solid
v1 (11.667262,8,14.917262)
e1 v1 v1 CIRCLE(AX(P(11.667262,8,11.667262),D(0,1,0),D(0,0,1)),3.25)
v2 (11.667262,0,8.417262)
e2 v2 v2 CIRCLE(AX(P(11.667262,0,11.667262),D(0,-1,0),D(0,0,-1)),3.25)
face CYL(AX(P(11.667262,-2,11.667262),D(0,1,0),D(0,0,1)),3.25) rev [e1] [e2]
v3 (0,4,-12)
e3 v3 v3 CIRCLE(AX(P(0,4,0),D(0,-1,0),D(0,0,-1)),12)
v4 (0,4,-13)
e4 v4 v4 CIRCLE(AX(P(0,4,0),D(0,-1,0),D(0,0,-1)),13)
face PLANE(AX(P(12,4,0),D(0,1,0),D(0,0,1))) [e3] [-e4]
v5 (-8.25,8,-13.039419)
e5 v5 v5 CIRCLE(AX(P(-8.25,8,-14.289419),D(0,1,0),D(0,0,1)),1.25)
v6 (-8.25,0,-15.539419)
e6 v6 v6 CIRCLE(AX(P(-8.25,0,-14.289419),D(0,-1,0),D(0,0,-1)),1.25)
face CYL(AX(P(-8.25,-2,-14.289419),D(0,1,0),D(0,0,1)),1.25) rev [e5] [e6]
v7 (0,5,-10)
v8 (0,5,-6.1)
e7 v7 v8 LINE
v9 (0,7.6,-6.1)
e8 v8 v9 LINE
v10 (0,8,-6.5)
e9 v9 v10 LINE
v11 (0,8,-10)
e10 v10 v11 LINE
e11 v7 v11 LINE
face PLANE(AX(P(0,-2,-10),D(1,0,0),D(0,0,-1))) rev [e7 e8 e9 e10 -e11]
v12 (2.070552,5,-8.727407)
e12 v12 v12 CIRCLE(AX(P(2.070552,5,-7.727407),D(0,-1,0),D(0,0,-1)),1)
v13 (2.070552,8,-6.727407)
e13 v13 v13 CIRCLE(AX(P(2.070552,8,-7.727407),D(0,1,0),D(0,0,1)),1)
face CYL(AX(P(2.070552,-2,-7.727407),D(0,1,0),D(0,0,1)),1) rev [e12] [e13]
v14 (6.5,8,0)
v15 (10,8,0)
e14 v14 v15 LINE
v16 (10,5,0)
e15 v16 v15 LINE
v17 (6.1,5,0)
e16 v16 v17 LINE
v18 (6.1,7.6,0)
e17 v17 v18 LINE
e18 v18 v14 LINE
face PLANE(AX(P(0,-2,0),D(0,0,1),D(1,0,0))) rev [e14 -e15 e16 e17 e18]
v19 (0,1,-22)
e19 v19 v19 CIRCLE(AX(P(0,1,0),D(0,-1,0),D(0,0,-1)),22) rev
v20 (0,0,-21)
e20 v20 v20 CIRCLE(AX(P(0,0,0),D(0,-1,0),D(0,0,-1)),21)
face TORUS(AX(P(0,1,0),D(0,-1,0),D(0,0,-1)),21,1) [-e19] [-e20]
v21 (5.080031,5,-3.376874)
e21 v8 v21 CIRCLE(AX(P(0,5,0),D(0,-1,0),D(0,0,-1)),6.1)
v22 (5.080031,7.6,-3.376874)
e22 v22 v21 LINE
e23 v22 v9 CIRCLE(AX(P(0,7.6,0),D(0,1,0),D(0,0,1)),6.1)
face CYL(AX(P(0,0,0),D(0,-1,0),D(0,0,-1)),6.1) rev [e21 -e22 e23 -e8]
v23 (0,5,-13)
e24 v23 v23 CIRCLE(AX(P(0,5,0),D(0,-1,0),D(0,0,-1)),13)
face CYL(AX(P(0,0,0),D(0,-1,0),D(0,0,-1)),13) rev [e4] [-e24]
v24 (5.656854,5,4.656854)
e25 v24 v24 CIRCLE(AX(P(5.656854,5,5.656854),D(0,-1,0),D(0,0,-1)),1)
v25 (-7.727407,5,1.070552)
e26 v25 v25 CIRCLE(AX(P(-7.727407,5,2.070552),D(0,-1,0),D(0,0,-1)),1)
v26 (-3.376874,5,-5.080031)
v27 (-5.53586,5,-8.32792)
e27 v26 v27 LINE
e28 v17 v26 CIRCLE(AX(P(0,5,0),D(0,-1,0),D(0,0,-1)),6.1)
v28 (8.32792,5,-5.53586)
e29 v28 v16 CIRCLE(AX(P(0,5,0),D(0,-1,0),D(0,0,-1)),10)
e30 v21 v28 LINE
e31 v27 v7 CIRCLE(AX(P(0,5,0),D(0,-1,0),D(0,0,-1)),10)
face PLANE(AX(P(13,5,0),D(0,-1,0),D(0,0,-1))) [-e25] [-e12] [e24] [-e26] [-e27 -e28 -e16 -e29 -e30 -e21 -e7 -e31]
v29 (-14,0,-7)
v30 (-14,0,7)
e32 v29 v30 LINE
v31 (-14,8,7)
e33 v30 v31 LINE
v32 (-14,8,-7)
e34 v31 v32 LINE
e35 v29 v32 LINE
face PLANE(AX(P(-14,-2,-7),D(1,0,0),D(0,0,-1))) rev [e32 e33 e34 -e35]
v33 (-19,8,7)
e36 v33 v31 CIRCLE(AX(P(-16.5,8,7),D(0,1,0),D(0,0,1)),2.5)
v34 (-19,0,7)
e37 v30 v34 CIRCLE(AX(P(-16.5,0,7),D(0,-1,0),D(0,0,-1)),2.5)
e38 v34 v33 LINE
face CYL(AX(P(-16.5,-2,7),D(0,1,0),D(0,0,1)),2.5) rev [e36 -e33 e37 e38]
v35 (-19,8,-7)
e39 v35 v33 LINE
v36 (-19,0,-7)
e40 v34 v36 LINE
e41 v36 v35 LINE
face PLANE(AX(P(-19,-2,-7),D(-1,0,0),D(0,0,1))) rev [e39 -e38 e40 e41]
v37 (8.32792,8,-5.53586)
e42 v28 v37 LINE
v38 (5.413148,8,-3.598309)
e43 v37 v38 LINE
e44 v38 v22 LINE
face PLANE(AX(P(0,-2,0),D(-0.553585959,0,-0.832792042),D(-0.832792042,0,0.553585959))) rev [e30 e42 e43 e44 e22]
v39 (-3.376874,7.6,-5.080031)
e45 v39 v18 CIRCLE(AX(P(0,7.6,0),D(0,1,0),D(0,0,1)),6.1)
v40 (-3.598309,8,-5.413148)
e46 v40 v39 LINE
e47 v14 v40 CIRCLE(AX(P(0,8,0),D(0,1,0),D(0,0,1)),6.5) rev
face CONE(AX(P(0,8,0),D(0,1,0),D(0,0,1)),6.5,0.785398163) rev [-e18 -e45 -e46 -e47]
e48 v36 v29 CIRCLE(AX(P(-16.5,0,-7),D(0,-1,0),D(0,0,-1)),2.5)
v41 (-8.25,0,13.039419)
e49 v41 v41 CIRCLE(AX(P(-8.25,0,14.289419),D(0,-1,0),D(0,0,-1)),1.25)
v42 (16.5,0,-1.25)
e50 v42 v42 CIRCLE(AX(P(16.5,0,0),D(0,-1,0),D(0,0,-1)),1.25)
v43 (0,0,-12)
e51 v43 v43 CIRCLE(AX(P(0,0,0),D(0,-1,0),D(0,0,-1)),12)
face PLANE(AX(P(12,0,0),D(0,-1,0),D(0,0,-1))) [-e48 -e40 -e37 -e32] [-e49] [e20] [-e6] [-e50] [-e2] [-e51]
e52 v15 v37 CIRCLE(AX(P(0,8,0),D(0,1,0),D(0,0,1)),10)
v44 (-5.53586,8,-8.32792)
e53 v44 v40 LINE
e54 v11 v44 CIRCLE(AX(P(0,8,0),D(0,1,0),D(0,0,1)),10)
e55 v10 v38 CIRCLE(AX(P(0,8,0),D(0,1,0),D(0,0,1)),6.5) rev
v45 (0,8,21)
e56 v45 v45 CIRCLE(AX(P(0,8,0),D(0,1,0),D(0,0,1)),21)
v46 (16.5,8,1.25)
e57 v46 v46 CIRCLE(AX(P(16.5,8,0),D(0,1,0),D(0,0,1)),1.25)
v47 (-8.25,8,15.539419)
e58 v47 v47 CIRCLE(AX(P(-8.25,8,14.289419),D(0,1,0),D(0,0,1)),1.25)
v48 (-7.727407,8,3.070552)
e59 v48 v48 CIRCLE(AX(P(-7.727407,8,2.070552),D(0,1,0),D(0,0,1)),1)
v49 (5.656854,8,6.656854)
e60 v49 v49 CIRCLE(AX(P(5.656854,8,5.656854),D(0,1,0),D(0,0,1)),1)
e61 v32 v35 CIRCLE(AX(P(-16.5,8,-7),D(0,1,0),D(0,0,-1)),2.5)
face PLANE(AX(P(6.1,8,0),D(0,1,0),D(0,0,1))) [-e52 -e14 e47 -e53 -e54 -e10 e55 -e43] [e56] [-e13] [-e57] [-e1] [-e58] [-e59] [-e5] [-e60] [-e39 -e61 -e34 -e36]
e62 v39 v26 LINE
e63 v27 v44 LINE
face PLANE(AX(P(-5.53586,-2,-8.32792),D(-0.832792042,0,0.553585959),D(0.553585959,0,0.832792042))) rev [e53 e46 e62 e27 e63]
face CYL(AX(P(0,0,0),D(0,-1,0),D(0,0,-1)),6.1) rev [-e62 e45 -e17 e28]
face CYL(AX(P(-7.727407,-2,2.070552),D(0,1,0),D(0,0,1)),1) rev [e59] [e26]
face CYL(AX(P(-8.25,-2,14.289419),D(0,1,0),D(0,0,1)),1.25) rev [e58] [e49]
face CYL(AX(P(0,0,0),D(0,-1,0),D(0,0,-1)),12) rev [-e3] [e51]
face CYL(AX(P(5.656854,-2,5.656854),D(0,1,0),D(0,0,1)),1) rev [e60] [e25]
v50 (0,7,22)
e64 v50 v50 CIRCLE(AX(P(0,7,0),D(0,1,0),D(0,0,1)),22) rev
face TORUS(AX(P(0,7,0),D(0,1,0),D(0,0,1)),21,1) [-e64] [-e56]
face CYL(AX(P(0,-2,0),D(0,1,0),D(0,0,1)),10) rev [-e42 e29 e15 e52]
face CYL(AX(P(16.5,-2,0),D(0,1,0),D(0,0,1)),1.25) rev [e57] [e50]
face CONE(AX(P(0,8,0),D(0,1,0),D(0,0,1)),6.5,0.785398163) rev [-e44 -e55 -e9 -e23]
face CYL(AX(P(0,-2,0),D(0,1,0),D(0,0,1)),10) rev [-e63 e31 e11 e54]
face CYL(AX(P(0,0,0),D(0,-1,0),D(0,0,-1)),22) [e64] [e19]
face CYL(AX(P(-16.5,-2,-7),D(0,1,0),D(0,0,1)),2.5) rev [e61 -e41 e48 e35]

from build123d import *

# Parameters (mm, degrees)
FILLET2_R          = 1
CHAMFER2_SIZE      = 0.4
SKETCH3_R          = 1
SKETCH3_R_2        = 1.25
SKETCH3_R_3        = 3.25
CUT_EXTRUDE1_DEPTH = 10


with BuildPart() as part:
    # Sketch1 → Revolve1 (revolve)
    with BuildSketch(Plane.XY, mode=Mode.PRIVATE) as revolve1_sk:
        Polygon((12, 0), (12, 4), (13, 4), (13, 5), (6.1, 5), (6.1, 8), (22, 8), (22, 0), align=None)
    revolve(revolve1_sk.sketch.rotate(Axis((0, 0, 0), (0, 1, 0)), 90), axis=Axis((0, 0, 0), (0, 1, 0)))

    # Fillet2
    fillet2_edges = [part.edges().sort_by_distance(p)[0] for p in [
        (0, 8, 22),
        (0, 0, 22),
    ]]
    fillet(fillet2_edges, radius=FILLET2_R)

    # Chamfer2
    chamfer2_edges = [part.edges().sort_by_distance(p)[0] for p in [
        (0, 8, 6.1),
    ]]
    chamfer(chamfer2_edges, length=CHAMFER2_SIZE)

    # Sketch3 → Cut-Extrude1 (cut)
    with BuildSketch(Plane(origin=(0, 8, 0), x_dir=(1, 0, 0), z_dir=(0, 1, 0))):
        with Locations(Location((2.070552361, 7.72740661, 0), (0, 0, 270))):
            Circle(SKETCH3_R)
        with Locations(Location((5.656854249, -5.656854249, 0), (0, 0, 270))):
            Circle(SKETCH3_R)
        with Locations(Location((-7.72740661, -2.070552361, 0), (0, 0, 270))):
            Circle(SKETCH3_R)
        with Locations(Location((16.5, 0, 0), (0, 0, 270))):
            Circle(SKETCH3_R_2)
        with Locations(Location((-8.25, -14.289419162, 0), (0, 0, 270))):
            Circle(SKETCH3_R_2)
        with Locations(Location((-8.25, 14.289419162, 0), (0, 0, 270))):
            Circle(SKETCH3_R_2)
        with Locations(Location((11.66726189, -11.66726189, 0), (0, 0, 270))):
            Circle(SKETCH3_R_3)
        with BuildLine():
            Line((0, 0), (8.327920422, 5.535859594))
            ThreePointArc((8.327920422, 5.535859594), (9.572857573, 2.891435264), (10, 0))
            Line((10, 0), (0, 0))
        make_face()
        with BuildLine():
            Line((-19, 7), (-19, -7))
            ThreePointArc((-19, -7), (-16.5, -9.5), (-14, -7))
            Line((-14, -7), (-14, 7))
            ThreePointArc((-14, 7), (-16.5, 9.5), (-19, 7))
        make_face()
        with BuildLine():
            Line((-5.535859594, 8.327920422), (-3.064574144, 4.610219816))
            ThreePointArc((-3.064574144, 4.610219816), (-1.600657965, 5.299399543), (0, 5.535859594))
            Line((0, 5.535859594), (0, 10))
            ThreePointArc((0, 10), (-2.891435264, 9.572857573), (-5.535859594, 8.327920422))
        make_face()
    extrude(amount=-CUT_EXTRUDE1_DEPTH, mode=Mode.SUBTRACT)


solid = part.part
